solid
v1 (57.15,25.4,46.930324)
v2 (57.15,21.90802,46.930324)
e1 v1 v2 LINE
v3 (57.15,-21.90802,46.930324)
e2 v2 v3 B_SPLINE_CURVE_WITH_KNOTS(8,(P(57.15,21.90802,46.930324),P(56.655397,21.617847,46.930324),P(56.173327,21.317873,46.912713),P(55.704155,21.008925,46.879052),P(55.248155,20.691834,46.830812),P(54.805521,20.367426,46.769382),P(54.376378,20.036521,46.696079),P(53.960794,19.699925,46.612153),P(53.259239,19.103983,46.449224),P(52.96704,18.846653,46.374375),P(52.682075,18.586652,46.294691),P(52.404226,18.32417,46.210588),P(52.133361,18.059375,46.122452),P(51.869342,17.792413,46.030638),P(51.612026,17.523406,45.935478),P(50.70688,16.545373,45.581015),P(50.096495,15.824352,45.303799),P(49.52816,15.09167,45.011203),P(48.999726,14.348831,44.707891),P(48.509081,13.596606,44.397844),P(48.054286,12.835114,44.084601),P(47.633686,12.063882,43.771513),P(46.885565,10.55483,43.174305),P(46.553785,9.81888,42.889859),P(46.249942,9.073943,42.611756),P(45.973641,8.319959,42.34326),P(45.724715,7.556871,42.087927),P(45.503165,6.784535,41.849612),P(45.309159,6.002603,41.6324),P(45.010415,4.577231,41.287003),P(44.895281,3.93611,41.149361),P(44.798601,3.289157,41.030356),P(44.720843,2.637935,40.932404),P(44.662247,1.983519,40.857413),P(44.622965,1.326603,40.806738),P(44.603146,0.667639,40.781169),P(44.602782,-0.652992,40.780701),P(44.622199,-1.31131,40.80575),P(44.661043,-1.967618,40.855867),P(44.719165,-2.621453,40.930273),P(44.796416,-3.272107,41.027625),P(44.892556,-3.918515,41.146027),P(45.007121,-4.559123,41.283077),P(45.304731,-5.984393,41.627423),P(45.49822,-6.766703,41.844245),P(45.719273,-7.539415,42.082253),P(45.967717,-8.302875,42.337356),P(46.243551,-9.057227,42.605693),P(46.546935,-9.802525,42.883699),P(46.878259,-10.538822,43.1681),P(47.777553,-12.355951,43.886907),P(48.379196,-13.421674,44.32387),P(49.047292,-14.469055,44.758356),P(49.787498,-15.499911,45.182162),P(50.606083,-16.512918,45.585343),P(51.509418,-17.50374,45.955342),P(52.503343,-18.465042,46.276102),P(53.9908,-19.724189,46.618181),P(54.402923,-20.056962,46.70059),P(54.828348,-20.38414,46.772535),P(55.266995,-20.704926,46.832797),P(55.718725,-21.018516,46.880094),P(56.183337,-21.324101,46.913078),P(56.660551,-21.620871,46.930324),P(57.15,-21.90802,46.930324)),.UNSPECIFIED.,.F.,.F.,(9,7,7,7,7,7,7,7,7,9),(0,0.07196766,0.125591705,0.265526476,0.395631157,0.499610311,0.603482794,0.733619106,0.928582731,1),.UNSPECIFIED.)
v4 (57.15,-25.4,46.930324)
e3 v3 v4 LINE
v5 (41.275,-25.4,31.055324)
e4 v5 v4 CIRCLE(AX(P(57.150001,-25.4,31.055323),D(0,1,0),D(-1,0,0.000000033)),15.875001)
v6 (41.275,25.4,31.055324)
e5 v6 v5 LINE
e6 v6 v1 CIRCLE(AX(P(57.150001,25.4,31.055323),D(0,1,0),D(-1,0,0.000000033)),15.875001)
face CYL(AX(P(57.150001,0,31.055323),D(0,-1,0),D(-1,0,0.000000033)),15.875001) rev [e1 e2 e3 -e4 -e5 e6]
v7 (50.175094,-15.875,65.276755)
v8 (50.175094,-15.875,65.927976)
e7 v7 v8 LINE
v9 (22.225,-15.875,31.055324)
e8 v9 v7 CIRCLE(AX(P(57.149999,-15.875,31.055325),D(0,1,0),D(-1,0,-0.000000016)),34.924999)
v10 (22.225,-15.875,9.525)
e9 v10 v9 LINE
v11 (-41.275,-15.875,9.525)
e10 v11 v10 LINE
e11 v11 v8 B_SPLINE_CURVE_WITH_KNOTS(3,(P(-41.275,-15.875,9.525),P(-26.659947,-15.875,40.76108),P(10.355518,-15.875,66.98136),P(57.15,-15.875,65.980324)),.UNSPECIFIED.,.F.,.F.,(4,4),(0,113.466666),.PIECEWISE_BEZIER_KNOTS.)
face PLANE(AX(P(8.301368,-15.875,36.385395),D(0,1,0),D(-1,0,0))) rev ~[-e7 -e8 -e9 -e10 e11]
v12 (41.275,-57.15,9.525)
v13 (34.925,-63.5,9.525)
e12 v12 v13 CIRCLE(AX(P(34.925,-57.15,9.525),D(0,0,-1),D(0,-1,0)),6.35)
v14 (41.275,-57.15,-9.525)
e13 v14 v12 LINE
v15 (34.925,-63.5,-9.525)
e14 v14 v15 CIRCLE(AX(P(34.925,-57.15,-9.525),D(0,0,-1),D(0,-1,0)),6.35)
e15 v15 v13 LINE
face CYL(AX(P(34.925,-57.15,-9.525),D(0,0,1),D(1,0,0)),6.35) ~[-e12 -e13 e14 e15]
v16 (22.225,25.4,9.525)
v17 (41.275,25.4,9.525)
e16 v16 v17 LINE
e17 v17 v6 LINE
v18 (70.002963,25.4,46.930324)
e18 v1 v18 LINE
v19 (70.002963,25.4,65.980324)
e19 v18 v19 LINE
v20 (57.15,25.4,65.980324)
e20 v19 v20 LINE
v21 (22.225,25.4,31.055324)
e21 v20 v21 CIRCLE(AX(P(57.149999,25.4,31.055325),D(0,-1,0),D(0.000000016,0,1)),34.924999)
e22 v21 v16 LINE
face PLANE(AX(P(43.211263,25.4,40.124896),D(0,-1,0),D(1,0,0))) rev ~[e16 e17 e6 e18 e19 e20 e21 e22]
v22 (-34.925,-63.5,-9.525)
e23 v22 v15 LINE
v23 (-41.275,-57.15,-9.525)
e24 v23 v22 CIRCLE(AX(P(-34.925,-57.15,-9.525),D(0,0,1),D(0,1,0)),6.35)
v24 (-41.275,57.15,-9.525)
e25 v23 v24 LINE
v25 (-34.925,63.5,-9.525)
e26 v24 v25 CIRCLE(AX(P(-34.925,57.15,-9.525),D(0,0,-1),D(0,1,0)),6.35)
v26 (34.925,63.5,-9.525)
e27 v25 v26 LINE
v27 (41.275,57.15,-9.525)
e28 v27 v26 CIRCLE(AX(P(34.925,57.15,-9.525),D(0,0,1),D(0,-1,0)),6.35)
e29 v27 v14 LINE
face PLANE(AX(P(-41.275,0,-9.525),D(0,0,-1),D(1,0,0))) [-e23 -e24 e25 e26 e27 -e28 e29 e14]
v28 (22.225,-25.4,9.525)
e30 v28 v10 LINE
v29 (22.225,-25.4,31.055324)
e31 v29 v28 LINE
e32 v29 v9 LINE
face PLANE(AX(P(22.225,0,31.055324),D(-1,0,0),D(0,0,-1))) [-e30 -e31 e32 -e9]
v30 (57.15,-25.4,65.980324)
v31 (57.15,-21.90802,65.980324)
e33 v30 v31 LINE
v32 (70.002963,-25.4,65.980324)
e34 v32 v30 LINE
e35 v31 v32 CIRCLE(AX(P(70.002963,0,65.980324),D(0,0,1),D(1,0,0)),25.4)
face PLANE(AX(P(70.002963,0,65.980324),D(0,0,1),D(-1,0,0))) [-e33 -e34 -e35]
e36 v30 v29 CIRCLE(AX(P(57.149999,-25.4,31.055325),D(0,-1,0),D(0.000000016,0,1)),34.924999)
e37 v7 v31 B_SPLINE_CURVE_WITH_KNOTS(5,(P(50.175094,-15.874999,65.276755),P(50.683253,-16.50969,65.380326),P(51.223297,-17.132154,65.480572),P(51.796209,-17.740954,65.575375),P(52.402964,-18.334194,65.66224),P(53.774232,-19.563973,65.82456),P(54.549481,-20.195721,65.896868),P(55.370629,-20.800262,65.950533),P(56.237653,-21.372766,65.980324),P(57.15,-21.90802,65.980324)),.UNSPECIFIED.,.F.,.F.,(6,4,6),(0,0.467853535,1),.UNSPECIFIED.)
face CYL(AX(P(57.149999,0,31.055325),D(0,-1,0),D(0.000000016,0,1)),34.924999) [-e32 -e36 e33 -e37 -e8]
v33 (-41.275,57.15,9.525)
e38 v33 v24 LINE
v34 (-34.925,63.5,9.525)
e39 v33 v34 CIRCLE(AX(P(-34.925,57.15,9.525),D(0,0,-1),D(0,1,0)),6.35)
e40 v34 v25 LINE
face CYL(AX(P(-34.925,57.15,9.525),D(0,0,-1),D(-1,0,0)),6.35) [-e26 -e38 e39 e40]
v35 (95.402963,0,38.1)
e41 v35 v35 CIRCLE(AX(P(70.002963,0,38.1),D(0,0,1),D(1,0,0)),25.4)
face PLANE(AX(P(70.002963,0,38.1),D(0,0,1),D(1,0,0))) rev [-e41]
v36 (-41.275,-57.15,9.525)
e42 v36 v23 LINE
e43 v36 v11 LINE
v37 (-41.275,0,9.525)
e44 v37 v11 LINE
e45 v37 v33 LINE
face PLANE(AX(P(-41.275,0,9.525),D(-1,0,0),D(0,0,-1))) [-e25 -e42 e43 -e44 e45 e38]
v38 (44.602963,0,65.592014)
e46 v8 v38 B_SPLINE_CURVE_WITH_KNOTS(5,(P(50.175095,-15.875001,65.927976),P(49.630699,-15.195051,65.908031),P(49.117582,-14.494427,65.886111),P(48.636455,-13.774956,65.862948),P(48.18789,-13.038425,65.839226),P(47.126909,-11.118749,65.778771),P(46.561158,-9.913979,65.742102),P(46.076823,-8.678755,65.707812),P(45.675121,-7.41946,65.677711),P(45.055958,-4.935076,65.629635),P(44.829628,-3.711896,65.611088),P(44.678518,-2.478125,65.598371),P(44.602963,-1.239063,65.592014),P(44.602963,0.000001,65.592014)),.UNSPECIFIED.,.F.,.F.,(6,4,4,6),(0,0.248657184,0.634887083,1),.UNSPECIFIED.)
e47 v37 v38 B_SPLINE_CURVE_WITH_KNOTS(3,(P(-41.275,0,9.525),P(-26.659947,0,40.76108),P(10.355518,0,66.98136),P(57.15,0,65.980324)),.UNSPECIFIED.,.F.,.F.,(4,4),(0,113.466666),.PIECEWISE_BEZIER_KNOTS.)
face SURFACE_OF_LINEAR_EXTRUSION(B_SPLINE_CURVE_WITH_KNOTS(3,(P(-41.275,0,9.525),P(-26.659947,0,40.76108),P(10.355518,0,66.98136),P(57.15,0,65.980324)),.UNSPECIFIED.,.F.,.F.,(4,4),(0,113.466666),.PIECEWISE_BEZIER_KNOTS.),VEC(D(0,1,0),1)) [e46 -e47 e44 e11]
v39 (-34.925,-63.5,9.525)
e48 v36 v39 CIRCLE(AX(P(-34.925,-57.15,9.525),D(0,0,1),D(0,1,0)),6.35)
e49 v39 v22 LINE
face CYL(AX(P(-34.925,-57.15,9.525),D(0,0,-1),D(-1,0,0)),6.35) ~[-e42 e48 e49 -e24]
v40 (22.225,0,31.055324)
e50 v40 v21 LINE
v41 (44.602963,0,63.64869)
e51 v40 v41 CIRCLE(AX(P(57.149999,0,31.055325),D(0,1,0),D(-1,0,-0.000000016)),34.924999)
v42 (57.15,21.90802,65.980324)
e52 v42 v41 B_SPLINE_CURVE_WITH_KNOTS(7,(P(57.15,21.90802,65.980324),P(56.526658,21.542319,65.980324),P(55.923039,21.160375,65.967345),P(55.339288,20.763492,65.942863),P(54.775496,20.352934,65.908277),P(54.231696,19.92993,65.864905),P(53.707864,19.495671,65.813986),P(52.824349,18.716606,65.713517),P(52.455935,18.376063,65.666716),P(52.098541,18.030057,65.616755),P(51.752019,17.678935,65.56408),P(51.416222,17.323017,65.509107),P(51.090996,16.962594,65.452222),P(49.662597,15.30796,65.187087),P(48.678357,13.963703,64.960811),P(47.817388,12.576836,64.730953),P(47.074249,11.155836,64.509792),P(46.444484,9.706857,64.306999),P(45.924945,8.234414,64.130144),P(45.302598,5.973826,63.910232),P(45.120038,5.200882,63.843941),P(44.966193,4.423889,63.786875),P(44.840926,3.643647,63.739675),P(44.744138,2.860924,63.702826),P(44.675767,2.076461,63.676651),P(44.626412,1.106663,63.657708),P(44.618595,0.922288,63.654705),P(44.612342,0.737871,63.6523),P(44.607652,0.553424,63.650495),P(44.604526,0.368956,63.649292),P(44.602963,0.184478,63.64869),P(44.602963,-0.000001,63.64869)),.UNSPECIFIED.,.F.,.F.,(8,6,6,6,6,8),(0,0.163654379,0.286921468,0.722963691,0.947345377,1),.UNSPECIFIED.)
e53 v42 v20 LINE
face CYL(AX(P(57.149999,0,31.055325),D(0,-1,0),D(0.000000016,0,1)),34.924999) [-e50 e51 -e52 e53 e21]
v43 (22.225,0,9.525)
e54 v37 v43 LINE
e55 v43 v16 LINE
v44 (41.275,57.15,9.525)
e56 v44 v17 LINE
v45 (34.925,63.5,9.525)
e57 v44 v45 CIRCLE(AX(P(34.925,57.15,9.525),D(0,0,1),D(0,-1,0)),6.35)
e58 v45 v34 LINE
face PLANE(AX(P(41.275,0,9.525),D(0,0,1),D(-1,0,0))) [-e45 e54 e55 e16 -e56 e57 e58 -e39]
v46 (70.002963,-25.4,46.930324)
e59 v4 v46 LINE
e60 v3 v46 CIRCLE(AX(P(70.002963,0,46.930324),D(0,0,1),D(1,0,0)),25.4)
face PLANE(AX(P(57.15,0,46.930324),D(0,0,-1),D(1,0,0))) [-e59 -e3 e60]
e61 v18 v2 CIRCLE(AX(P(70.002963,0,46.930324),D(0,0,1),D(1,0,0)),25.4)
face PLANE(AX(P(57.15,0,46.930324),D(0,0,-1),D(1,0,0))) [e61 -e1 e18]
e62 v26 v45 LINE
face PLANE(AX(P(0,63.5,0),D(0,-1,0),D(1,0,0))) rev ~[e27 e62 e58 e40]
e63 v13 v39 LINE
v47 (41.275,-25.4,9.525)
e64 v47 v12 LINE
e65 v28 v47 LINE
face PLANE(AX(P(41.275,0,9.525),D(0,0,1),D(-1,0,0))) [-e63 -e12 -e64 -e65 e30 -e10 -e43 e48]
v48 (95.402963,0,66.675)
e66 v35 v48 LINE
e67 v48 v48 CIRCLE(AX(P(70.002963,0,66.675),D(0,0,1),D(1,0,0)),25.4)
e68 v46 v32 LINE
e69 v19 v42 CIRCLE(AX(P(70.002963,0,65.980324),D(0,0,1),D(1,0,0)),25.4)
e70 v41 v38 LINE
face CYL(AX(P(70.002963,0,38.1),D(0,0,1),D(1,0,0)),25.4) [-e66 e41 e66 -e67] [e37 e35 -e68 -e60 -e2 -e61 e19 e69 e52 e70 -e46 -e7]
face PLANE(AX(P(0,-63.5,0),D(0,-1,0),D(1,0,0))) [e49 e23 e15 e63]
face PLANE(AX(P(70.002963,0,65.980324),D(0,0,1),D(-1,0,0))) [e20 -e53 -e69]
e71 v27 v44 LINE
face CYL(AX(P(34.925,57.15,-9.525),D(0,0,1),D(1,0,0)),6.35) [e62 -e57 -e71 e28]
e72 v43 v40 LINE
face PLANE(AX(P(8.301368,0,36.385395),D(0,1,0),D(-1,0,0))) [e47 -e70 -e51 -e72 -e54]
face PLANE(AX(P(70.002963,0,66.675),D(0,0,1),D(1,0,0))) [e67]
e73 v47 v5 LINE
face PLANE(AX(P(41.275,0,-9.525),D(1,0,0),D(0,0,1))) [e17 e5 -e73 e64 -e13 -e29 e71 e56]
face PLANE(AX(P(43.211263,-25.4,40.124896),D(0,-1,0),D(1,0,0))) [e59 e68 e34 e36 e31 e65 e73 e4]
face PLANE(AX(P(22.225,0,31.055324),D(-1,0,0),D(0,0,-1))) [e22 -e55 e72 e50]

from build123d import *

# Parameters (mm, degrees)
F1_DEPTH = 63.5
F2_DEPTH = 25.4
F3_DEPTH = 15.875
F5_R     = 6.35


with BuildPart() as f1:
    # F0 (on Front) → F1 (new body, symmetric)
    with BuildSketch(Plane.XZ):
        Polygon((-41.275, -9.525), (41.275, -9.525), (41.275, 9.525), (22.225, 9.525), (-41.275, 9.525), align=None)
    extrude(amount=F1_DEPTH, both=True)

    # F0 (on Front) → F2 (join, symmetric)
    with BuildSketch(Plane.XZ):
        with BuildLine():
            Line((22.225, 9.525), (41.275, 9.525))
            Line((41.275, 9.525), (41.275, 31.055324))
            ThreePointArc((41.275, 31.055324), (45.92468, 42.280644), (57.15, 46.930324))
            Line((57.15, 46.930324), (70.002963, 46.930324))
            Line((70.002963, 46.930324), (70.002963, 65.980324))
            Line((70.002963, 65.980324), (57.15, 65.980324))
            ThreePointArc((57.15, 65.980324), (32.454296, 55.751029), (22.225, 31.055324))
            Line((22.225, 31.055324), (22.225, 9.525))
        make_face()
    extrude(amount=F2_DEPTH, both=True)

    # F0 (on Front) → F3 (join)
    with BuildSketch(Plane.XZ):
        with BuildLine():
            add(Edge.make_bspline(
                [(-41.275, 9.525), (-26.659947, 40.76108), (10.355518, 66.98136), (57.15, 65.980324)],
                knots=[0, 0, 0, 0, 113.466666, 113.466666, 113.466666, 113.466666], degree=3))
            Line((-41.275, 9.525), (22.225, 9.525))
            Line((22.225, 9.525), (22.225, 31.055324))
            ThreePointArc((22.225, 31.055324), (32.454296, 55.751029), (57.15, 65.980324))
        make_face()
    extrude(amount=F3_DEPTH)

    # F0 (on Front) → F4 (revolve)
    with BuildSketch(Plane.XZ):
        Polygon((70.002963, 66.675), (70.002963, 65.980324), (70.002963, 46.930324), (70.002963, 38.1), (95.402963, 38.1), (95.402963, 66.675), align=None)
    revolve(axis=Axis((70.002963, 0, 52.3875), (0, 0, 1)))

    # F5
    f5_edges = [f1.edges().sort_by_distance(p)[0] for p in [
        (-41.275, -63.5, 0),
        (41.275, -63.5, 0),
        (-41.275, 63.5, 0),
        (41.275, 63.5, 0),
    ]]
    fillet(f5_edges, radius=F5_R)


solid = f1.part
